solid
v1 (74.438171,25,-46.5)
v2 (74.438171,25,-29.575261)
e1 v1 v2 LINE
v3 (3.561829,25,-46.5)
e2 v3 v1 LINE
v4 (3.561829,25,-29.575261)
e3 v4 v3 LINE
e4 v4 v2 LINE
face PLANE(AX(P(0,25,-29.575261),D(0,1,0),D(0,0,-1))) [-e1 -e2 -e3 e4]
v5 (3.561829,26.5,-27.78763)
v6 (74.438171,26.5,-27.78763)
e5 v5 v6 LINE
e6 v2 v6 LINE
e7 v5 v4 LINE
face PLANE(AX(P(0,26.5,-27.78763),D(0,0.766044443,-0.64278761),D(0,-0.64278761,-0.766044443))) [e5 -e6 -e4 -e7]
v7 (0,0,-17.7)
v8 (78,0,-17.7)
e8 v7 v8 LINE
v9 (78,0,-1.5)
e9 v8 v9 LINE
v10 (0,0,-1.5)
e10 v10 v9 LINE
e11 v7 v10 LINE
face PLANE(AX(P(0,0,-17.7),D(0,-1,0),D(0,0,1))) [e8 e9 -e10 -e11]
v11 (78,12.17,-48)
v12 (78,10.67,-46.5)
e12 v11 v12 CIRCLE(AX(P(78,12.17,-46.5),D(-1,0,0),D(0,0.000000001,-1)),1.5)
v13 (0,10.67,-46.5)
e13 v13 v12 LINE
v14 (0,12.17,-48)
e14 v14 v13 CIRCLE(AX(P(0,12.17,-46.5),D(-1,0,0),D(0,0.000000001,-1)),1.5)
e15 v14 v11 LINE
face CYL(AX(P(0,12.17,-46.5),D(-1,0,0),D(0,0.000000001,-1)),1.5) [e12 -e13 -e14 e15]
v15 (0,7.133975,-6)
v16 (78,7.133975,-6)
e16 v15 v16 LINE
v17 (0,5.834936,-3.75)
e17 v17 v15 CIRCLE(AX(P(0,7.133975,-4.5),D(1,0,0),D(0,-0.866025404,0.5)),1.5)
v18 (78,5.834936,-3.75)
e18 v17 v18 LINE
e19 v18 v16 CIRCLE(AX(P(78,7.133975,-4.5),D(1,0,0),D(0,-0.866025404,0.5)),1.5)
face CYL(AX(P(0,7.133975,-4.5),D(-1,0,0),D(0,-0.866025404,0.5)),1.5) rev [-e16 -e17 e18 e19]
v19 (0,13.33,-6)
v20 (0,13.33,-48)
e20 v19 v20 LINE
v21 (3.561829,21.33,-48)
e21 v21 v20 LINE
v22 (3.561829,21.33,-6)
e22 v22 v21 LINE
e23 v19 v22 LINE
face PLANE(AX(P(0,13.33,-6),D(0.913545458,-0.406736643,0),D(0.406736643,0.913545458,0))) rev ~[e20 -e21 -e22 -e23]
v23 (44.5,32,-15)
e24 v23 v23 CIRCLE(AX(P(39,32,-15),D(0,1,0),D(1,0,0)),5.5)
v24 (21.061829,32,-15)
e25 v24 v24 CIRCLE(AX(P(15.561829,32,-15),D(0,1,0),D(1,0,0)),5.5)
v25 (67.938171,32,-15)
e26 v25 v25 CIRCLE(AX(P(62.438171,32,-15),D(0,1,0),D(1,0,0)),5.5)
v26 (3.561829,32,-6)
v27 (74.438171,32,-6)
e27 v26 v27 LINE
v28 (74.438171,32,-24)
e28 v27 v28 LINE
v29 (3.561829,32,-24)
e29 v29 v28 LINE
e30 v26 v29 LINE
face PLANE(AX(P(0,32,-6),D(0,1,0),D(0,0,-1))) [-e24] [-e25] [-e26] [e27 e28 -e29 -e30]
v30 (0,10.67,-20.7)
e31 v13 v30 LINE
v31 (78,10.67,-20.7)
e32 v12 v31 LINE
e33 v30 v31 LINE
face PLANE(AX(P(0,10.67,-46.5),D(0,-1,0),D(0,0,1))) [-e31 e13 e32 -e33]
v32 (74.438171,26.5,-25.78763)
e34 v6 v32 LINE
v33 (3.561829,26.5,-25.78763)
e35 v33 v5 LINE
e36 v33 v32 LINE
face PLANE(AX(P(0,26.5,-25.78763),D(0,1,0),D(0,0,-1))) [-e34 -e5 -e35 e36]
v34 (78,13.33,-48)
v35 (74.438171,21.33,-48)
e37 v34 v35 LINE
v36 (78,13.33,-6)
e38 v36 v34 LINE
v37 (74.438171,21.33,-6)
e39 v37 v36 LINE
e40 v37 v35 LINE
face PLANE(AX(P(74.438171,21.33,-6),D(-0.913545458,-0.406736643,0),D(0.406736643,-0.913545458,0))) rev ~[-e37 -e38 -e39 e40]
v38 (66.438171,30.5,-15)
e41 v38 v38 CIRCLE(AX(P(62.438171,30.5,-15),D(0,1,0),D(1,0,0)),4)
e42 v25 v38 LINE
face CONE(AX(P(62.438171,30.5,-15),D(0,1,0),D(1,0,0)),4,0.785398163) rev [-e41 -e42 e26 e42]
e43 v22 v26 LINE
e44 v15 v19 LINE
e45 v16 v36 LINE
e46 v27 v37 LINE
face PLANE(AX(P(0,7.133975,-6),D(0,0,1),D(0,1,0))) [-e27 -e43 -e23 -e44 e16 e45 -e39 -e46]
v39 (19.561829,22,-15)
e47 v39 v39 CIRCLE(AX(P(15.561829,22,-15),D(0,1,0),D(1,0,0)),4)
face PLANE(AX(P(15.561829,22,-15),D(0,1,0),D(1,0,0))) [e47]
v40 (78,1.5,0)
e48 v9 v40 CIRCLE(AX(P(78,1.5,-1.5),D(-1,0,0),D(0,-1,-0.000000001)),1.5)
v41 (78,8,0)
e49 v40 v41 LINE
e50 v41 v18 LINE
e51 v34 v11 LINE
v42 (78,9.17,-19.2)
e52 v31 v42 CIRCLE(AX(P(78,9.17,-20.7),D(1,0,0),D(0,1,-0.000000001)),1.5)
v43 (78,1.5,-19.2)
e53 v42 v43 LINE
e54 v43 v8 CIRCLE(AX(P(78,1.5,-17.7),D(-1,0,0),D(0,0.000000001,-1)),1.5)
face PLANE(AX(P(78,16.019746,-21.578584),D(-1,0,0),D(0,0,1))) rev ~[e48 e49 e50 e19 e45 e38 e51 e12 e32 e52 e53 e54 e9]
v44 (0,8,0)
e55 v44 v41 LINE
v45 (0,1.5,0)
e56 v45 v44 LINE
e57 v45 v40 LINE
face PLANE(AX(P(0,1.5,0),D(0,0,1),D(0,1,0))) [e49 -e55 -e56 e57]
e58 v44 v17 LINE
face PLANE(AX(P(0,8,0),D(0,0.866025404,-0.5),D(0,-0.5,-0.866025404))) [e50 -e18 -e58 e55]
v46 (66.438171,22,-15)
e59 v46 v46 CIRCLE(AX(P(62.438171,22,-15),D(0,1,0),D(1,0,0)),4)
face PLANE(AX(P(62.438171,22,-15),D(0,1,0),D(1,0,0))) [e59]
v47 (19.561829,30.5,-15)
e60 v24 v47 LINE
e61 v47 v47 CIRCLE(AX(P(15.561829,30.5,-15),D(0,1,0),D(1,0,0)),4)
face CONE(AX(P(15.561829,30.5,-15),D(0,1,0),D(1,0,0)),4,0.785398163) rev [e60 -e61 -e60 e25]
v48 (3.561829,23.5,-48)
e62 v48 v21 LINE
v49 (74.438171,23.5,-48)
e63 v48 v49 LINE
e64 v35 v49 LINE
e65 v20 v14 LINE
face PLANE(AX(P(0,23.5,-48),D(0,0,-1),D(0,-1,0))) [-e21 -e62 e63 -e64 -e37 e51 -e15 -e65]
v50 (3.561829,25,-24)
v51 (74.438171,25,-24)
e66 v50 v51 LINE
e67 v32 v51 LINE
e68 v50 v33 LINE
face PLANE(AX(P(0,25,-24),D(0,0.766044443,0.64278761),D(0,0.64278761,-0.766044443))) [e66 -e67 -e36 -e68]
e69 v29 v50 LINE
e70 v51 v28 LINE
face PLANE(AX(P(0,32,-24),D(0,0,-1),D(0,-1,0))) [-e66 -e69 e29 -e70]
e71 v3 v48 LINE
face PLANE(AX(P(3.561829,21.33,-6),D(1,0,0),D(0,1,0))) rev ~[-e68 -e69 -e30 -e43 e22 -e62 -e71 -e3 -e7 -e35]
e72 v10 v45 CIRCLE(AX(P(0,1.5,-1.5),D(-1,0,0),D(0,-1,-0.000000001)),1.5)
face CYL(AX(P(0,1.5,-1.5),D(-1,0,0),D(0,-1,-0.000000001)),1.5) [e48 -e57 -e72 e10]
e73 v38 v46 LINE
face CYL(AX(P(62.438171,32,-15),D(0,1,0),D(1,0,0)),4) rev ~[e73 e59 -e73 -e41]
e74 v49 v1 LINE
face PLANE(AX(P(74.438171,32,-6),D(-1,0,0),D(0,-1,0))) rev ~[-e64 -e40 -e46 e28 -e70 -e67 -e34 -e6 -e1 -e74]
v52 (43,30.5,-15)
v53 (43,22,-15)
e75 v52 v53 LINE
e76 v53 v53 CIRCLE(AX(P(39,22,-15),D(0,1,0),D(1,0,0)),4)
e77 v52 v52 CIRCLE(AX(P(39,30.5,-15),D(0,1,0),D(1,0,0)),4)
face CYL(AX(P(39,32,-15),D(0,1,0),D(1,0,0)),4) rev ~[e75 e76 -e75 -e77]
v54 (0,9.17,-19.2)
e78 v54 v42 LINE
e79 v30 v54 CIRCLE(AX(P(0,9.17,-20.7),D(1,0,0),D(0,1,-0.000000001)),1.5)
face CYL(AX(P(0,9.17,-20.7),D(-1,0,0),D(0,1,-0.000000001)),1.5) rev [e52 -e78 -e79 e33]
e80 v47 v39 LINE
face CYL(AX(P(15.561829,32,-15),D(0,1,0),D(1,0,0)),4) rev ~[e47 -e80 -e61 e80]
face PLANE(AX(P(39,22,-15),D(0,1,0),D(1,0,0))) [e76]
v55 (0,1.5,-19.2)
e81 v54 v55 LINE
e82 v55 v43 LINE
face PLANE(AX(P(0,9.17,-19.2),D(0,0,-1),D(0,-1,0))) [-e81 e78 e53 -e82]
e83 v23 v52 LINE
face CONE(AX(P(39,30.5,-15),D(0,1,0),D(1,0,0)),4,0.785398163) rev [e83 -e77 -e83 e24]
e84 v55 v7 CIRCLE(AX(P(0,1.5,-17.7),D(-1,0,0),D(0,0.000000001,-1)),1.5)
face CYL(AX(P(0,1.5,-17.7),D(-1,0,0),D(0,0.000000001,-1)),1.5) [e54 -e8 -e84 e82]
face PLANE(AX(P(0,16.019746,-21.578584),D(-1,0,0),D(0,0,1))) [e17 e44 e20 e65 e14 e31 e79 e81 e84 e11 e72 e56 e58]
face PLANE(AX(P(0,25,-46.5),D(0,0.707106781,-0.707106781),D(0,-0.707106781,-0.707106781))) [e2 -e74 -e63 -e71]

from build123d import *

# Parameters (mm, degrees)
BOSS_EXTRUDE1_DEPTH = 78
CUT_EXTRUDE1_DEPTH  = 78
SKETCH3_R           = 4
CUT_EXTRUDE2_DEPTH  = 10
CHAMFER1_SIZE       = 1.5


with BuildPart() as part:
    # Sketch1 → Boss-Extrude1 (new body)
    with BuildSketch(Plane(origin=(0, 0, 0), x_dir=(0, 0, -1), z_dir=(1, 0, 0))):
        with BuildLine():
            Line((0, 1.5), (0, 8))
            Line((0, 8), (3.75, 5.834936491))
            ThreePointArc((3.75, 5.834936491), (5.25, 5.834936491), (6, 7.133974596))
            Line((6, 7.133974596), (6, 32))
            Line((6, 32), (24, 32))
            Line((24, 32), (24, 25))
            Line((24, 25), (25.787630389, 26.5))
            Line((25.787630389, 26.5), (27.787630389, 26.5))
            Line((27.787630389, 26.5), (29.575260778, 25))
            Line((29.575260778, 25), (46.5, 25))
            Line((46.5, 25), (48, 23.5))
            Line((48, 23.5), (48, 12.17))
            ThreePointArc((48, 12.17), (47.560660172, 11.109339828), (46.5, 10.67))
            Line((46.5, 10.67), (20.7, 10.67))
            ThreePointArc((20.7, 10.67), (19.639339828, 10.230660172), (19.2, 9.17))
            Line((19.2, 9.17), (19.2, 1.5))
            ThreePointArc((19.2, 1.5), (18.760660172, 0.439339828), (17.7, 0))
            Line((17.7, 0), (1.5, 0))
            ThreePointArc((1.5, 0), (0.439339828, 0.439339828), (0, 1.5))
        make_face()
    extrude(amount=BOSS_EXTRUDE1_DEPTH)

    # Sketch2 → Cut-Extrude1 (cut)
    with BuildSketch(Plane.XY.offset(-6)):
        Polygon((78, 17.191886664), (78, 32), (74.438170518, 32), (74.438170518, 21.33), (78, 13.33), align=None)
        Polygon((0, 17.191886664), (0, 13.33), (3.561829482, 21.33), (3.561829482, 32), (0, 32), align=None)
    extrude(amount=-CUT_EXTRUDE1_DEPTH, mode=Mode.SUBTRACT)

    # Sketch3 → Cut-Extrude2 (cut)
    with BuildSketch(Plane(origin=(0, 32, 0), x_dir=(1, 0, 0), z_dir=(0, 1, 0))):
        with Locations((15.561829482, 15)):
            Circle(SKETCH3_R)
        with Locations((39, 15)):
            Circle(SKETCH3_R)
        with Locations((62.438170518, 15)):
            Circle(SKETCH3_R)
    extrude(amount=-CUT_EXTRUDE2_DEPTH, mode=Mode.SUBTRACT)

    # Chamfer1
    chamfer1_edges = [part.edges().sort_by_distance(p)[0] for p in [
        (11.561829482, 32, -15),
        (35, 32, -15),
        (58.438170518, 32, -15),
    ]]
    chamfer(chamfer1_edges, length=CHAMFER1_SIZE)


solid = part.part
